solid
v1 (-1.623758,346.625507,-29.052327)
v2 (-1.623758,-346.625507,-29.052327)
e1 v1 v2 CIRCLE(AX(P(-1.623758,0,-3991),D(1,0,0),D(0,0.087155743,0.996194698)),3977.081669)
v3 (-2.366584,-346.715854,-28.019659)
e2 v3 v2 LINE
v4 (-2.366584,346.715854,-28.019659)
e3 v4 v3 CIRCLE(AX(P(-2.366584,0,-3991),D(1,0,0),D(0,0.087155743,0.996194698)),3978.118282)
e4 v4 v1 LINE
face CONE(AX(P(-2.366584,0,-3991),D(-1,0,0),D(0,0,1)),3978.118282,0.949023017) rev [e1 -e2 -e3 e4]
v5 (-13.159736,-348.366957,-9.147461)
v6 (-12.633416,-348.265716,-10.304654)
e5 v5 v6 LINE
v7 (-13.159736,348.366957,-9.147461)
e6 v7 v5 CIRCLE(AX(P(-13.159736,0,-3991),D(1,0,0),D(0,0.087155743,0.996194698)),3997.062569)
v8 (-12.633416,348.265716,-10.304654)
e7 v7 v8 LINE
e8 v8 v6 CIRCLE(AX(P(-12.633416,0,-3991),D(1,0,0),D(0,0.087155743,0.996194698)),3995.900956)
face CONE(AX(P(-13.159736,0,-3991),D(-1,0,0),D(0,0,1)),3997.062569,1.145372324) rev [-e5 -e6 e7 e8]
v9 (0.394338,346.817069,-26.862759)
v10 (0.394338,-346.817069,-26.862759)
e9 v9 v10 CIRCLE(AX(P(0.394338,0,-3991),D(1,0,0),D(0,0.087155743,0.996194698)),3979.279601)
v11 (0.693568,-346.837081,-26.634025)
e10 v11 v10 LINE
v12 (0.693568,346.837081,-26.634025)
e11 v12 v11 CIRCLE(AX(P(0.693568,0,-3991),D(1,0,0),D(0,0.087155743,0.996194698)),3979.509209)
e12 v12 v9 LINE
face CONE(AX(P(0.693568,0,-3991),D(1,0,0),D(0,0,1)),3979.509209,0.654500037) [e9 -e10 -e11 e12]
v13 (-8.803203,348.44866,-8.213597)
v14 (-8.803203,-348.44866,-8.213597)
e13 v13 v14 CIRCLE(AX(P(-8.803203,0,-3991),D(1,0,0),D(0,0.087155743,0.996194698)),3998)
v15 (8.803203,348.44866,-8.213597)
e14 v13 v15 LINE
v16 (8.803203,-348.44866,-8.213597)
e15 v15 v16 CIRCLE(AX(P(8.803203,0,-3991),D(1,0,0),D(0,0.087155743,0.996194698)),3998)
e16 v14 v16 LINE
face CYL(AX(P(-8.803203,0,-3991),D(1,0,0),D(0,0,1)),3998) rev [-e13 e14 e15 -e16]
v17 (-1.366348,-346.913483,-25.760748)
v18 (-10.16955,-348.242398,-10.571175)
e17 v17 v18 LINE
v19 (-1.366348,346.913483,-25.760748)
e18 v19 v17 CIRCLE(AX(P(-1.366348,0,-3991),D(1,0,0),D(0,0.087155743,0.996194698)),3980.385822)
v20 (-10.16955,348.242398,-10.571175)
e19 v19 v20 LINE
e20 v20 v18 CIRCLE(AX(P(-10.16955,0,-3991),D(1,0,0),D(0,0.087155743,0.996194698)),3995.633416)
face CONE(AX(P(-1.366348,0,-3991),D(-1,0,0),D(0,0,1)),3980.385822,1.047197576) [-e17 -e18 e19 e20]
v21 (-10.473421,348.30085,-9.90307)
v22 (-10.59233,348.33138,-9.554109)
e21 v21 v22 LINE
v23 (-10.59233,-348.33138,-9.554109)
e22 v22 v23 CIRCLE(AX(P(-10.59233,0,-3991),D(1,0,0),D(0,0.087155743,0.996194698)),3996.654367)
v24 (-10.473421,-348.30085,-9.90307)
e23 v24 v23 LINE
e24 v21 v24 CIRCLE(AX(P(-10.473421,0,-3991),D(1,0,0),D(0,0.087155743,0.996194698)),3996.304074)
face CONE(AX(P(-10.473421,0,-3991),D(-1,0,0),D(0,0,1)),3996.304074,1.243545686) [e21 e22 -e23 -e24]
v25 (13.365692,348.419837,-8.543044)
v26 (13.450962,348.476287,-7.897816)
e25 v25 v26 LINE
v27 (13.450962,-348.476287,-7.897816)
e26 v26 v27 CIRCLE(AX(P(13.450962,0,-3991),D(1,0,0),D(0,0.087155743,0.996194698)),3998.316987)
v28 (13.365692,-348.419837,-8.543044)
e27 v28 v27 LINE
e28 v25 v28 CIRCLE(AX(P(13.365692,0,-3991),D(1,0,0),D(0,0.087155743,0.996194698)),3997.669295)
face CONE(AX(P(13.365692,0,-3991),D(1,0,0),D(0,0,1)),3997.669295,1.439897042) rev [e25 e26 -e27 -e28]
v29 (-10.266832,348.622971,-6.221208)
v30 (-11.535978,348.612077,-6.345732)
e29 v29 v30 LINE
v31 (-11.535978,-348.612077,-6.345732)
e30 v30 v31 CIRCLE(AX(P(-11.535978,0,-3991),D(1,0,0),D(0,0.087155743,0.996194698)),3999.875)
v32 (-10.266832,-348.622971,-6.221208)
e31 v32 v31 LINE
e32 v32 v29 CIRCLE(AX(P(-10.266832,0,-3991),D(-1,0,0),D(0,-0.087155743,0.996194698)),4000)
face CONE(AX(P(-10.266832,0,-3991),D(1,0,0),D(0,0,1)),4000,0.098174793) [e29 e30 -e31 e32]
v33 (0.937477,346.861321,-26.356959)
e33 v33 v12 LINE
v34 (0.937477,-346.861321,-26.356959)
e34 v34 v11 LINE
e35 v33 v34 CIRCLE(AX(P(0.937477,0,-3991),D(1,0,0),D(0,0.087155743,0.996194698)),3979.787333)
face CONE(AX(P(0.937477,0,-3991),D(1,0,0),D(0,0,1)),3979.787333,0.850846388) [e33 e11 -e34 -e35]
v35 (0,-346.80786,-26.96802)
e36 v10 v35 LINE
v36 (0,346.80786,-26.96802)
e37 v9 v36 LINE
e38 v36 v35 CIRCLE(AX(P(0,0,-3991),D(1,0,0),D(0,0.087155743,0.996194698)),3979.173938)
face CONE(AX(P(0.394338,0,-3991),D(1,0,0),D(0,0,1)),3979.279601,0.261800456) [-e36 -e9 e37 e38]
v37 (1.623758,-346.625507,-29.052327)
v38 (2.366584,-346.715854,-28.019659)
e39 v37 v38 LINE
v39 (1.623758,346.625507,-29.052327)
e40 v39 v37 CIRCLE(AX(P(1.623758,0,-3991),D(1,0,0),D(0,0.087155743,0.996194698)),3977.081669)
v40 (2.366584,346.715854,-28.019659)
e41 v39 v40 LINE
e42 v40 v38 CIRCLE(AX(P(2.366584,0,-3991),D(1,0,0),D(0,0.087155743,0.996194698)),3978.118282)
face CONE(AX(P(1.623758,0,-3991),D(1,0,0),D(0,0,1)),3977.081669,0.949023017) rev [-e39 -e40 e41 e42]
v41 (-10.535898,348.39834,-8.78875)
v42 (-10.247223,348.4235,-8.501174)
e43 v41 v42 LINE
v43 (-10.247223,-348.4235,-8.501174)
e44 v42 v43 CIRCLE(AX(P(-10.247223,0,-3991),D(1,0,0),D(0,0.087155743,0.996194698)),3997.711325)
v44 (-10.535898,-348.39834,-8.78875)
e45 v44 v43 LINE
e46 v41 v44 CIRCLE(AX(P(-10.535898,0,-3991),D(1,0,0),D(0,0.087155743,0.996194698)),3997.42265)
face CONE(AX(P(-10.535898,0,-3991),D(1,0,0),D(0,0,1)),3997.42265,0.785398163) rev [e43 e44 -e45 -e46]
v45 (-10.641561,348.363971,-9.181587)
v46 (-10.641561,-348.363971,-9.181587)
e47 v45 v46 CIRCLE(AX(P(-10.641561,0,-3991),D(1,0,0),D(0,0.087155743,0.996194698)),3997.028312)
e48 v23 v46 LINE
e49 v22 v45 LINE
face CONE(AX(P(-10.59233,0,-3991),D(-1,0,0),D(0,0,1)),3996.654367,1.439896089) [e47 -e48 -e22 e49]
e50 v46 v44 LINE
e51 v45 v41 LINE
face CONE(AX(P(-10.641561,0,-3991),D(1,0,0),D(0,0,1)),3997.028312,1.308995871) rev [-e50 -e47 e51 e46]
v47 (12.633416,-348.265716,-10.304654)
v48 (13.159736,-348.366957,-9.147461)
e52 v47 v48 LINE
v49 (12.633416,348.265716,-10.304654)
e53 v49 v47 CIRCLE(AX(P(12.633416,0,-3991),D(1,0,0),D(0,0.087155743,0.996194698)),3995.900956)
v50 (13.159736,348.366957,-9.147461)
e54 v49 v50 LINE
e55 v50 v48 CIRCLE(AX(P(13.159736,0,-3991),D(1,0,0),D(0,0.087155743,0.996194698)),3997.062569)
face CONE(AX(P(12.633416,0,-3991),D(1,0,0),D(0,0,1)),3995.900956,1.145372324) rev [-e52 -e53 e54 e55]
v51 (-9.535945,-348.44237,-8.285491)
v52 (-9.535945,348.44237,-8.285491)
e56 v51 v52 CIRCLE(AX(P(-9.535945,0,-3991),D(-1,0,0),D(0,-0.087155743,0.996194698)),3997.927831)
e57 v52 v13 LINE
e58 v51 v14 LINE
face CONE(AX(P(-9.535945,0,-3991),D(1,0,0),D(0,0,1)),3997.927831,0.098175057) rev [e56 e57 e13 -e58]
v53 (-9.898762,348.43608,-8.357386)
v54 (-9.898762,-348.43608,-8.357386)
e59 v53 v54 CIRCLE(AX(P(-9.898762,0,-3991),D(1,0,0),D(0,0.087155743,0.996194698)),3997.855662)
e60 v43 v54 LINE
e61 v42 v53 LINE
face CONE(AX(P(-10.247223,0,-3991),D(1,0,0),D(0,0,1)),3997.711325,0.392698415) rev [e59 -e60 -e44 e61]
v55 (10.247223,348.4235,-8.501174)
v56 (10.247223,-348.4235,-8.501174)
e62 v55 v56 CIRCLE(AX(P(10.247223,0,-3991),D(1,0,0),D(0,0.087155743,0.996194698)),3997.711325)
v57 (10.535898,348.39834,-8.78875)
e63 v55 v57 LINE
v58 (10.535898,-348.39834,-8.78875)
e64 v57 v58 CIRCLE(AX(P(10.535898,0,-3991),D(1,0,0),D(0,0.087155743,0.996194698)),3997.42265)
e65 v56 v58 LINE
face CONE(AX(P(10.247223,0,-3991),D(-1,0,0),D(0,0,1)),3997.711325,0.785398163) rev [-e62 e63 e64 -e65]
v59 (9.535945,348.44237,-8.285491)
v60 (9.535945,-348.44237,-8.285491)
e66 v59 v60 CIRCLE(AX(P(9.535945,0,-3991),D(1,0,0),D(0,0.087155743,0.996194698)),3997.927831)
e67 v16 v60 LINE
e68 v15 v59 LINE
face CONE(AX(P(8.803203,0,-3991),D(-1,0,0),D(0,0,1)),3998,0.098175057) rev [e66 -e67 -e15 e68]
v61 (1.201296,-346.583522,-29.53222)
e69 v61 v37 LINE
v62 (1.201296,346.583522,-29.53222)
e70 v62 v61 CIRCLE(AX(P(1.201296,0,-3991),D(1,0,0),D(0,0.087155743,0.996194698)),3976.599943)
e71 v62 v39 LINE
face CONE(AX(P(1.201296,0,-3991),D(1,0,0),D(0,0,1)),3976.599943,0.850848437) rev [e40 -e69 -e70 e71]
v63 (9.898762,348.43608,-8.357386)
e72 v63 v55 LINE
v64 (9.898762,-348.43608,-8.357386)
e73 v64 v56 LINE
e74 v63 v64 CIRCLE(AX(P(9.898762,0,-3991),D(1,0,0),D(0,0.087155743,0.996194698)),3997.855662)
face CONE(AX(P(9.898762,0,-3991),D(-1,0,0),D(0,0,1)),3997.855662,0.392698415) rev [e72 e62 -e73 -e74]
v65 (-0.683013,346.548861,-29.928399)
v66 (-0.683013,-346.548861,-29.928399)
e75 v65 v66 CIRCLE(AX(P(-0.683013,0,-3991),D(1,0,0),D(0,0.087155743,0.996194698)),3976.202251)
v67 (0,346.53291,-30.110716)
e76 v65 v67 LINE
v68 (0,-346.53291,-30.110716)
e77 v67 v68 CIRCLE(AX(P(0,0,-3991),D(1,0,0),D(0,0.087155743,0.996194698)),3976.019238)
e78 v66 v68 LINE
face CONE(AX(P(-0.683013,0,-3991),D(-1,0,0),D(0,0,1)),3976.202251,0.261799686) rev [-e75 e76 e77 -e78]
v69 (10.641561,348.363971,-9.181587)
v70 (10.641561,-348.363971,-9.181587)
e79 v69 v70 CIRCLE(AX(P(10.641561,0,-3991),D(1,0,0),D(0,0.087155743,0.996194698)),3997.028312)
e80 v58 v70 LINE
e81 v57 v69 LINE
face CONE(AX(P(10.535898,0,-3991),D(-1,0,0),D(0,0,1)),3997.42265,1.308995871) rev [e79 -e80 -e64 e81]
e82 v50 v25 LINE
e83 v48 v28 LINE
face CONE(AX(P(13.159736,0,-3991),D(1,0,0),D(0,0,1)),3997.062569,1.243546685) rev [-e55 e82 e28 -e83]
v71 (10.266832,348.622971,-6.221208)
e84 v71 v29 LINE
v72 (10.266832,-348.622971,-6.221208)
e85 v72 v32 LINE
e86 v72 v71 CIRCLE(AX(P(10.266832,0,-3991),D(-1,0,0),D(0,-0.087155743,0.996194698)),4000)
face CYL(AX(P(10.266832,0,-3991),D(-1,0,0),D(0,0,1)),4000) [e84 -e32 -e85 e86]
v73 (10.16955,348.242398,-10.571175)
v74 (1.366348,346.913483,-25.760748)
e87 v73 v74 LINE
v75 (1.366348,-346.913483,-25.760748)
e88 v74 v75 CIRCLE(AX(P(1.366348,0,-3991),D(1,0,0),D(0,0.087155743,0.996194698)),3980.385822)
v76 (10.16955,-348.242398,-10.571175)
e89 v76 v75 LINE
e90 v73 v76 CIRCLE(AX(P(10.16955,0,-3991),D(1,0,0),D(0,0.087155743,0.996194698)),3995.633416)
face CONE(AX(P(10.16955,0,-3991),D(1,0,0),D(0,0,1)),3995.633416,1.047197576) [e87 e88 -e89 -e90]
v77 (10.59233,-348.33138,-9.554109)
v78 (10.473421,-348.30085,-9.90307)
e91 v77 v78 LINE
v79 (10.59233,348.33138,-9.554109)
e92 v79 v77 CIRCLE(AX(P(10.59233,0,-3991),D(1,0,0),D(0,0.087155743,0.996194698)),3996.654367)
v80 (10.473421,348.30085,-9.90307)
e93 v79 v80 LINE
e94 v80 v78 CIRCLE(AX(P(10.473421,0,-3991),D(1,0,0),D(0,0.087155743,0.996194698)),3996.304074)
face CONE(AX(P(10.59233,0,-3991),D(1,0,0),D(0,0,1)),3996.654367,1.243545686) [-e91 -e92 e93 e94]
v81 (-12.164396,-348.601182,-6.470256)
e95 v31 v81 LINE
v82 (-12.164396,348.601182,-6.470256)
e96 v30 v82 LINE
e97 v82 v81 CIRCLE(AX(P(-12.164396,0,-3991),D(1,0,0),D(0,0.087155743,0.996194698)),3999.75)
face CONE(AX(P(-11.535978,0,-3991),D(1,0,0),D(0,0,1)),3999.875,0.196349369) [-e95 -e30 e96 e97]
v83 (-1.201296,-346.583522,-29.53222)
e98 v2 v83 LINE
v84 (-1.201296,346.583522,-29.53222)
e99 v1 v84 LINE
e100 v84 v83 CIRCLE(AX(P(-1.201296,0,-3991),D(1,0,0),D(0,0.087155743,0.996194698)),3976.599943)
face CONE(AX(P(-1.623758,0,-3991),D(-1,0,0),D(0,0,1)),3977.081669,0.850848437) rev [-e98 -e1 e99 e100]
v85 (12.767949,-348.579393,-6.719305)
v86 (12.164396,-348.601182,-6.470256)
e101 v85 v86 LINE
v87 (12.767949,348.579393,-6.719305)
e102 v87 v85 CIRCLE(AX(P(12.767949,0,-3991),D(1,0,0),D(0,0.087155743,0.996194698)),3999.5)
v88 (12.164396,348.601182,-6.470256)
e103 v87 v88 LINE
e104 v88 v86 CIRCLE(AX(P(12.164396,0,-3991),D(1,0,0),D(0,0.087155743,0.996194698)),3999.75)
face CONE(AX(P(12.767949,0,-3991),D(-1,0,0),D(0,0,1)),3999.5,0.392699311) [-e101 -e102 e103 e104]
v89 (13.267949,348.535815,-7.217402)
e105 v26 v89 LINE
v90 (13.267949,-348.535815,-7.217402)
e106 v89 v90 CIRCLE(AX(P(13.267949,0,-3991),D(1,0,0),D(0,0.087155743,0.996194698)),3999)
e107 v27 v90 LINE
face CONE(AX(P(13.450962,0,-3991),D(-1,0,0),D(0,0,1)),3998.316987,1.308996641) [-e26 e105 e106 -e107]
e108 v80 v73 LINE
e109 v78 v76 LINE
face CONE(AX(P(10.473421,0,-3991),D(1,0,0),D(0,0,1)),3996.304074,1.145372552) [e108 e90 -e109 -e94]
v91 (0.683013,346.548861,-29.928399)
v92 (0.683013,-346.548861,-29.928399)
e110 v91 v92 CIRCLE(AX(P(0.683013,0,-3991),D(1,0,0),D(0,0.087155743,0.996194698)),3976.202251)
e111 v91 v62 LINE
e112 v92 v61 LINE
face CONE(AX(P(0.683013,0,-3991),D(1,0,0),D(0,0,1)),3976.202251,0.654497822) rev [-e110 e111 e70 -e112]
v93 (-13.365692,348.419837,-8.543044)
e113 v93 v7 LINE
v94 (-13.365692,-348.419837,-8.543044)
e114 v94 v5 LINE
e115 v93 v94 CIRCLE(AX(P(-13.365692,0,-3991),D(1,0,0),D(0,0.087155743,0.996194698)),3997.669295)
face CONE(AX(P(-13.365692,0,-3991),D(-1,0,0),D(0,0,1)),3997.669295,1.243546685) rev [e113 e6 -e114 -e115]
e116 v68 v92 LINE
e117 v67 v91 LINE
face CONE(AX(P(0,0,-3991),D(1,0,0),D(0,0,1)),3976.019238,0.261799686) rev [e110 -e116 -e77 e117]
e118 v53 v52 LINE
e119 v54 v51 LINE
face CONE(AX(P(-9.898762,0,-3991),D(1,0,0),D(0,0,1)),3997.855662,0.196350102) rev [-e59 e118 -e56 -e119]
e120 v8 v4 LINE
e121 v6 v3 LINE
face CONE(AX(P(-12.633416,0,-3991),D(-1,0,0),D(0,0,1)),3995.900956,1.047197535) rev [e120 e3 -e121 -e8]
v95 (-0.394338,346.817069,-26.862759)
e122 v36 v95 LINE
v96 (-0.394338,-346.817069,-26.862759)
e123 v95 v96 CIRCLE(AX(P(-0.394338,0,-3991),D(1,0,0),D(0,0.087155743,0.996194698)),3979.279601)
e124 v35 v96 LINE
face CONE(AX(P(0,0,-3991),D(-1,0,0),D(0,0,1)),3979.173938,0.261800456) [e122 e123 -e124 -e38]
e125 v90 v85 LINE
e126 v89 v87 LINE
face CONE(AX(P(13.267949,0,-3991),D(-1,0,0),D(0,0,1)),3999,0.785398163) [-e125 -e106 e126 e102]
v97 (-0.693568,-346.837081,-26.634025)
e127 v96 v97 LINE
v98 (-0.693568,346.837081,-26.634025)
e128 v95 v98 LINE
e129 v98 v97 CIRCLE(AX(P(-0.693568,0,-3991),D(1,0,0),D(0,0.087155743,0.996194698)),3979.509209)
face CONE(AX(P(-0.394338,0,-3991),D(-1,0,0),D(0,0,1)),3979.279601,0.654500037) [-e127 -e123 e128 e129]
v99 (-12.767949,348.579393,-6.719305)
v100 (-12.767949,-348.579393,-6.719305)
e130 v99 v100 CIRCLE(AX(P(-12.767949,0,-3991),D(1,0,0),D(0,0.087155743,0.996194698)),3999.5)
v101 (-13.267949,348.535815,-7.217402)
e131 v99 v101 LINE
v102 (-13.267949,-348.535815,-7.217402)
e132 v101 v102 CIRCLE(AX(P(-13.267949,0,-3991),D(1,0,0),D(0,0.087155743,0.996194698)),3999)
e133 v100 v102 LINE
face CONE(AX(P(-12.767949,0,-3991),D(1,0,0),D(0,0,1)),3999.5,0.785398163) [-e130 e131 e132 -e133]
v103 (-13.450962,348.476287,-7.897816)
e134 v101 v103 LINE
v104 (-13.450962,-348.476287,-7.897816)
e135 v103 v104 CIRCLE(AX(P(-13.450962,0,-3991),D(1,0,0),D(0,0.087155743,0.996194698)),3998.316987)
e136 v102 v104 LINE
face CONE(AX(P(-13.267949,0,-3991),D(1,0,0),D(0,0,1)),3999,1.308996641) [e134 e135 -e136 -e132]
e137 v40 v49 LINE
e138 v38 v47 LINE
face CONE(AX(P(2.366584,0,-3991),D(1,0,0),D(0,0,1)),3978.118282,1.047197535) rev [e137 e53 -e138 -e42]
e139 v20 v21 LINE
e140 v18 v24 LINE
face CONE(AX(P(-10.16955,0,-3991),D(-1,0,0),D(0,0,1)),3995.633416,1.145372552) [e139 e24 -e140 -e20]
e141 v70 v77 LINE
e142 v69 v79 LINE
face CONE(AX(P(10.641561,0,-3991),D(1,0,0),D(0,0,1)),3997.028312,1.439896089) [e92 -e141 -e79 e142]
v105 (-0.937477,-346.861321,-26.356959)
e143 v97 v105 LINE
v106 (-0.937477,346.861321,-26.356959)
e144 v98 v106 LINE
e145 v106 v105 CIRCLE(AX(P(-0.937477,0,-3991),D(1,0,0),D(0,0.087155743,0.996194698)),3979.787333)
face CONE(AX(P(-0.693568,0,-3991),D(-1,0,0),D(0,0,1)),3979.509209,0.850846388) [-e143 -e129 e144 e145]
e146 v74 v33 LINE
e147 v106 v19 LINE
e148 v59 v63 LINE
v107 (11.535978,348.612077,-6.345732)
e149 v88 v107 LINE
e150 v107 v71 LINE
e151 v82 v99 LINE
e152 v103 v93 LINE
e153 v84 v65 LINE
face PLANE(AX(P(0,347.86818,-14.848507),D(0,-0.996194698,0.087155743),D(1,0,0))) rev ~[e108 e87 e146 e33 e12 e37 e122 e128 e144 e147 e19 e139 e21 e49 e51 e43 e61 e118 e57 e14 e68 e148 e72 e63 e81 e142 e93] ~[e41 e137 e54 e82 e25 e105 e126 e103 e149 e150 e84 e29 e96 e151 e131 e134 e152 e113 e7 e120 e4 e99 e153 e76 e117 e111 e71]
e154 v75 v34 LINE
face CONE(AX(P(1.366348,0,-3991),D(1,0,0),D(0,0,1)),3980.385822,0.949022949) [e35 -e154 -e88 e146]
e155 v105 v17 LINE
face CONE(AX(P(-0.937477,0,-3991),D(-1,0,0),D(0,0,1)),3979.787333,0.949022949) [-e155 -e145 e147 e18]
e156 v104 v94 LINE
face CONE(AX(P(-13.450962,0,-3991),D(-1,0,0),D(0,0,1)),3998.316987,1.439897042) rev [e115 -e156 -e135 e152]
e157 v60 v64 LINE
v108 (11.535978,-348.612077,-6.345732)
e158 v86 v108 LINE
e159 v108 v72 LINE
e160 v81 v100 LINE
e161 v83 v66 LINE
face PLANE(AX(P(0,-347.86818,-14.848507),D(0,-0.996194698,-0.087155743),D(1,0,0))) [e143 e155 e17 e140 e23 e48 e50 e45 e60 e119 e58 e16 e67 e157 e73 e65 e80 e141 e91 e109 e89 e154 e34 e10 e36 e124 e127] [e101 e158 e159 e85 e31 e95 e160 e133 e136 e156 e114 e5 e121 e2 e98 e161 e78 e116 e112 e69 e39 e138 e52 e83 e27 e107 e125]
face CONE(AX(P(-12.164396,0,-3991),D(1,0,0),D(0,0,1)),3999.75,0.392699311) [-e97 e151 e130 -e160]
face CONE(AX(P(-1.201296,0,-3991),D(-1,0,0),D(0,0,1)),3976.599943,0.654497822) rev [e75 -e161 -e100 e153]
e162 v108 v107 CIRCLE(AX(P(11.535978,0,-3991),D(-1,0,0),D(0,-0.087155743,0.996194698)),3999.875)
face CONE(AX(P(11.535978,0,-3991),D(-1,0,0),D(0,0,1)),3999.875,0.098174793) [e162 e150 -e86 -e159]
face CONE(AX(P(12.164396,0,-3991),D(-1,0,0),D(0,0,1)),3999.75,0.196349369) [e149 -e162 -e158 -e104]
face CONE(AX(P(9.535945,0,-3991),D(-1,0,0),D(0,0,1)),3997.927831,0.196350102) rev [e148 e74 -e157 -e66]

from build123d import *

# Parameters (mm, degrees)
F1_ANGLE = 10


with BuildPart() as f1:
    # F0 (on Front) → F1 (revolve, symmetric)
    with BuildSketch(Plane.XZ) as f1_sk:
        Polygon((0, 9), (-10.266832, 9), (-11.535978, 8.875), (-12.164396, 8.75), (-12.767949, 8.5), (-13.267949, 8), (-13.450962, 7.316987), (-13.365692, 6.669295), (-13.159736, 6.062569), (-12.633416, 4.900956), (-2.366584, -12.881718), (-1.623758, -13.918331), (-1.201296, -14.400057), (-0.683013, -14.797749), (0, -14.980762), (0.683013, -14.797749), (1.201296, -14.400057), (1.623758, -13.918331), (2.366584, -12.881718), (12.633416, 4.900956), (13.159736, 6.062569), (13.365692, 6.669295), (13.450962, 7.316987), (13.267949, 8), (12.767949, 8.5), (12.164396, 8.75), (11.535978, 8.875), (10.266832, 9), align=None)
        Polygon((-8.803203, 7), (0, 7), (8.803203, 7), (9.535945, 6.927831), (9.898762, 6.855662), (10.247223, 6.711325), (10.535898, 6.42265), (10.641561, 6.028312), (10.59233, 5.654367), (10.473421, 5.304074), (10.16955, 4.633416), (5.767949, -2.990381), (1.366348, -10.614178), (0.937477, -11.212667), (0.693568, -11.490791), (0.394338, -11.720399), (0, -11.826062), (-0.394338, -11.720399), (-0.693568, -11.490791), (-0.937477, -11.212667), (-1.366348, -10.614178), (-5.767949, -2.990381), (-10.16955, 4.633416), (-10.473421, 5.304074), (-10.59233, 5.654367), (-10.641561, 6.028312), (-10.535898, 6.42265), (-10.247223, 6.711325), (-9.898762, 6.855662), (-9.535945, 6.927831), align=None, mode=Mode.SUBTRACT)
    revolve(axis=Axis((3.747747, 0, -3991), (1, 0, 0)), revolution_arc=F1_ANGLE / 2)
    revolve(f1_sk.sketch, axis=Axis((3.747747, 0, -3991), (-1, 0, 0)), revolution_arc=F1_ANGLE / 2)


solid = f1.part
